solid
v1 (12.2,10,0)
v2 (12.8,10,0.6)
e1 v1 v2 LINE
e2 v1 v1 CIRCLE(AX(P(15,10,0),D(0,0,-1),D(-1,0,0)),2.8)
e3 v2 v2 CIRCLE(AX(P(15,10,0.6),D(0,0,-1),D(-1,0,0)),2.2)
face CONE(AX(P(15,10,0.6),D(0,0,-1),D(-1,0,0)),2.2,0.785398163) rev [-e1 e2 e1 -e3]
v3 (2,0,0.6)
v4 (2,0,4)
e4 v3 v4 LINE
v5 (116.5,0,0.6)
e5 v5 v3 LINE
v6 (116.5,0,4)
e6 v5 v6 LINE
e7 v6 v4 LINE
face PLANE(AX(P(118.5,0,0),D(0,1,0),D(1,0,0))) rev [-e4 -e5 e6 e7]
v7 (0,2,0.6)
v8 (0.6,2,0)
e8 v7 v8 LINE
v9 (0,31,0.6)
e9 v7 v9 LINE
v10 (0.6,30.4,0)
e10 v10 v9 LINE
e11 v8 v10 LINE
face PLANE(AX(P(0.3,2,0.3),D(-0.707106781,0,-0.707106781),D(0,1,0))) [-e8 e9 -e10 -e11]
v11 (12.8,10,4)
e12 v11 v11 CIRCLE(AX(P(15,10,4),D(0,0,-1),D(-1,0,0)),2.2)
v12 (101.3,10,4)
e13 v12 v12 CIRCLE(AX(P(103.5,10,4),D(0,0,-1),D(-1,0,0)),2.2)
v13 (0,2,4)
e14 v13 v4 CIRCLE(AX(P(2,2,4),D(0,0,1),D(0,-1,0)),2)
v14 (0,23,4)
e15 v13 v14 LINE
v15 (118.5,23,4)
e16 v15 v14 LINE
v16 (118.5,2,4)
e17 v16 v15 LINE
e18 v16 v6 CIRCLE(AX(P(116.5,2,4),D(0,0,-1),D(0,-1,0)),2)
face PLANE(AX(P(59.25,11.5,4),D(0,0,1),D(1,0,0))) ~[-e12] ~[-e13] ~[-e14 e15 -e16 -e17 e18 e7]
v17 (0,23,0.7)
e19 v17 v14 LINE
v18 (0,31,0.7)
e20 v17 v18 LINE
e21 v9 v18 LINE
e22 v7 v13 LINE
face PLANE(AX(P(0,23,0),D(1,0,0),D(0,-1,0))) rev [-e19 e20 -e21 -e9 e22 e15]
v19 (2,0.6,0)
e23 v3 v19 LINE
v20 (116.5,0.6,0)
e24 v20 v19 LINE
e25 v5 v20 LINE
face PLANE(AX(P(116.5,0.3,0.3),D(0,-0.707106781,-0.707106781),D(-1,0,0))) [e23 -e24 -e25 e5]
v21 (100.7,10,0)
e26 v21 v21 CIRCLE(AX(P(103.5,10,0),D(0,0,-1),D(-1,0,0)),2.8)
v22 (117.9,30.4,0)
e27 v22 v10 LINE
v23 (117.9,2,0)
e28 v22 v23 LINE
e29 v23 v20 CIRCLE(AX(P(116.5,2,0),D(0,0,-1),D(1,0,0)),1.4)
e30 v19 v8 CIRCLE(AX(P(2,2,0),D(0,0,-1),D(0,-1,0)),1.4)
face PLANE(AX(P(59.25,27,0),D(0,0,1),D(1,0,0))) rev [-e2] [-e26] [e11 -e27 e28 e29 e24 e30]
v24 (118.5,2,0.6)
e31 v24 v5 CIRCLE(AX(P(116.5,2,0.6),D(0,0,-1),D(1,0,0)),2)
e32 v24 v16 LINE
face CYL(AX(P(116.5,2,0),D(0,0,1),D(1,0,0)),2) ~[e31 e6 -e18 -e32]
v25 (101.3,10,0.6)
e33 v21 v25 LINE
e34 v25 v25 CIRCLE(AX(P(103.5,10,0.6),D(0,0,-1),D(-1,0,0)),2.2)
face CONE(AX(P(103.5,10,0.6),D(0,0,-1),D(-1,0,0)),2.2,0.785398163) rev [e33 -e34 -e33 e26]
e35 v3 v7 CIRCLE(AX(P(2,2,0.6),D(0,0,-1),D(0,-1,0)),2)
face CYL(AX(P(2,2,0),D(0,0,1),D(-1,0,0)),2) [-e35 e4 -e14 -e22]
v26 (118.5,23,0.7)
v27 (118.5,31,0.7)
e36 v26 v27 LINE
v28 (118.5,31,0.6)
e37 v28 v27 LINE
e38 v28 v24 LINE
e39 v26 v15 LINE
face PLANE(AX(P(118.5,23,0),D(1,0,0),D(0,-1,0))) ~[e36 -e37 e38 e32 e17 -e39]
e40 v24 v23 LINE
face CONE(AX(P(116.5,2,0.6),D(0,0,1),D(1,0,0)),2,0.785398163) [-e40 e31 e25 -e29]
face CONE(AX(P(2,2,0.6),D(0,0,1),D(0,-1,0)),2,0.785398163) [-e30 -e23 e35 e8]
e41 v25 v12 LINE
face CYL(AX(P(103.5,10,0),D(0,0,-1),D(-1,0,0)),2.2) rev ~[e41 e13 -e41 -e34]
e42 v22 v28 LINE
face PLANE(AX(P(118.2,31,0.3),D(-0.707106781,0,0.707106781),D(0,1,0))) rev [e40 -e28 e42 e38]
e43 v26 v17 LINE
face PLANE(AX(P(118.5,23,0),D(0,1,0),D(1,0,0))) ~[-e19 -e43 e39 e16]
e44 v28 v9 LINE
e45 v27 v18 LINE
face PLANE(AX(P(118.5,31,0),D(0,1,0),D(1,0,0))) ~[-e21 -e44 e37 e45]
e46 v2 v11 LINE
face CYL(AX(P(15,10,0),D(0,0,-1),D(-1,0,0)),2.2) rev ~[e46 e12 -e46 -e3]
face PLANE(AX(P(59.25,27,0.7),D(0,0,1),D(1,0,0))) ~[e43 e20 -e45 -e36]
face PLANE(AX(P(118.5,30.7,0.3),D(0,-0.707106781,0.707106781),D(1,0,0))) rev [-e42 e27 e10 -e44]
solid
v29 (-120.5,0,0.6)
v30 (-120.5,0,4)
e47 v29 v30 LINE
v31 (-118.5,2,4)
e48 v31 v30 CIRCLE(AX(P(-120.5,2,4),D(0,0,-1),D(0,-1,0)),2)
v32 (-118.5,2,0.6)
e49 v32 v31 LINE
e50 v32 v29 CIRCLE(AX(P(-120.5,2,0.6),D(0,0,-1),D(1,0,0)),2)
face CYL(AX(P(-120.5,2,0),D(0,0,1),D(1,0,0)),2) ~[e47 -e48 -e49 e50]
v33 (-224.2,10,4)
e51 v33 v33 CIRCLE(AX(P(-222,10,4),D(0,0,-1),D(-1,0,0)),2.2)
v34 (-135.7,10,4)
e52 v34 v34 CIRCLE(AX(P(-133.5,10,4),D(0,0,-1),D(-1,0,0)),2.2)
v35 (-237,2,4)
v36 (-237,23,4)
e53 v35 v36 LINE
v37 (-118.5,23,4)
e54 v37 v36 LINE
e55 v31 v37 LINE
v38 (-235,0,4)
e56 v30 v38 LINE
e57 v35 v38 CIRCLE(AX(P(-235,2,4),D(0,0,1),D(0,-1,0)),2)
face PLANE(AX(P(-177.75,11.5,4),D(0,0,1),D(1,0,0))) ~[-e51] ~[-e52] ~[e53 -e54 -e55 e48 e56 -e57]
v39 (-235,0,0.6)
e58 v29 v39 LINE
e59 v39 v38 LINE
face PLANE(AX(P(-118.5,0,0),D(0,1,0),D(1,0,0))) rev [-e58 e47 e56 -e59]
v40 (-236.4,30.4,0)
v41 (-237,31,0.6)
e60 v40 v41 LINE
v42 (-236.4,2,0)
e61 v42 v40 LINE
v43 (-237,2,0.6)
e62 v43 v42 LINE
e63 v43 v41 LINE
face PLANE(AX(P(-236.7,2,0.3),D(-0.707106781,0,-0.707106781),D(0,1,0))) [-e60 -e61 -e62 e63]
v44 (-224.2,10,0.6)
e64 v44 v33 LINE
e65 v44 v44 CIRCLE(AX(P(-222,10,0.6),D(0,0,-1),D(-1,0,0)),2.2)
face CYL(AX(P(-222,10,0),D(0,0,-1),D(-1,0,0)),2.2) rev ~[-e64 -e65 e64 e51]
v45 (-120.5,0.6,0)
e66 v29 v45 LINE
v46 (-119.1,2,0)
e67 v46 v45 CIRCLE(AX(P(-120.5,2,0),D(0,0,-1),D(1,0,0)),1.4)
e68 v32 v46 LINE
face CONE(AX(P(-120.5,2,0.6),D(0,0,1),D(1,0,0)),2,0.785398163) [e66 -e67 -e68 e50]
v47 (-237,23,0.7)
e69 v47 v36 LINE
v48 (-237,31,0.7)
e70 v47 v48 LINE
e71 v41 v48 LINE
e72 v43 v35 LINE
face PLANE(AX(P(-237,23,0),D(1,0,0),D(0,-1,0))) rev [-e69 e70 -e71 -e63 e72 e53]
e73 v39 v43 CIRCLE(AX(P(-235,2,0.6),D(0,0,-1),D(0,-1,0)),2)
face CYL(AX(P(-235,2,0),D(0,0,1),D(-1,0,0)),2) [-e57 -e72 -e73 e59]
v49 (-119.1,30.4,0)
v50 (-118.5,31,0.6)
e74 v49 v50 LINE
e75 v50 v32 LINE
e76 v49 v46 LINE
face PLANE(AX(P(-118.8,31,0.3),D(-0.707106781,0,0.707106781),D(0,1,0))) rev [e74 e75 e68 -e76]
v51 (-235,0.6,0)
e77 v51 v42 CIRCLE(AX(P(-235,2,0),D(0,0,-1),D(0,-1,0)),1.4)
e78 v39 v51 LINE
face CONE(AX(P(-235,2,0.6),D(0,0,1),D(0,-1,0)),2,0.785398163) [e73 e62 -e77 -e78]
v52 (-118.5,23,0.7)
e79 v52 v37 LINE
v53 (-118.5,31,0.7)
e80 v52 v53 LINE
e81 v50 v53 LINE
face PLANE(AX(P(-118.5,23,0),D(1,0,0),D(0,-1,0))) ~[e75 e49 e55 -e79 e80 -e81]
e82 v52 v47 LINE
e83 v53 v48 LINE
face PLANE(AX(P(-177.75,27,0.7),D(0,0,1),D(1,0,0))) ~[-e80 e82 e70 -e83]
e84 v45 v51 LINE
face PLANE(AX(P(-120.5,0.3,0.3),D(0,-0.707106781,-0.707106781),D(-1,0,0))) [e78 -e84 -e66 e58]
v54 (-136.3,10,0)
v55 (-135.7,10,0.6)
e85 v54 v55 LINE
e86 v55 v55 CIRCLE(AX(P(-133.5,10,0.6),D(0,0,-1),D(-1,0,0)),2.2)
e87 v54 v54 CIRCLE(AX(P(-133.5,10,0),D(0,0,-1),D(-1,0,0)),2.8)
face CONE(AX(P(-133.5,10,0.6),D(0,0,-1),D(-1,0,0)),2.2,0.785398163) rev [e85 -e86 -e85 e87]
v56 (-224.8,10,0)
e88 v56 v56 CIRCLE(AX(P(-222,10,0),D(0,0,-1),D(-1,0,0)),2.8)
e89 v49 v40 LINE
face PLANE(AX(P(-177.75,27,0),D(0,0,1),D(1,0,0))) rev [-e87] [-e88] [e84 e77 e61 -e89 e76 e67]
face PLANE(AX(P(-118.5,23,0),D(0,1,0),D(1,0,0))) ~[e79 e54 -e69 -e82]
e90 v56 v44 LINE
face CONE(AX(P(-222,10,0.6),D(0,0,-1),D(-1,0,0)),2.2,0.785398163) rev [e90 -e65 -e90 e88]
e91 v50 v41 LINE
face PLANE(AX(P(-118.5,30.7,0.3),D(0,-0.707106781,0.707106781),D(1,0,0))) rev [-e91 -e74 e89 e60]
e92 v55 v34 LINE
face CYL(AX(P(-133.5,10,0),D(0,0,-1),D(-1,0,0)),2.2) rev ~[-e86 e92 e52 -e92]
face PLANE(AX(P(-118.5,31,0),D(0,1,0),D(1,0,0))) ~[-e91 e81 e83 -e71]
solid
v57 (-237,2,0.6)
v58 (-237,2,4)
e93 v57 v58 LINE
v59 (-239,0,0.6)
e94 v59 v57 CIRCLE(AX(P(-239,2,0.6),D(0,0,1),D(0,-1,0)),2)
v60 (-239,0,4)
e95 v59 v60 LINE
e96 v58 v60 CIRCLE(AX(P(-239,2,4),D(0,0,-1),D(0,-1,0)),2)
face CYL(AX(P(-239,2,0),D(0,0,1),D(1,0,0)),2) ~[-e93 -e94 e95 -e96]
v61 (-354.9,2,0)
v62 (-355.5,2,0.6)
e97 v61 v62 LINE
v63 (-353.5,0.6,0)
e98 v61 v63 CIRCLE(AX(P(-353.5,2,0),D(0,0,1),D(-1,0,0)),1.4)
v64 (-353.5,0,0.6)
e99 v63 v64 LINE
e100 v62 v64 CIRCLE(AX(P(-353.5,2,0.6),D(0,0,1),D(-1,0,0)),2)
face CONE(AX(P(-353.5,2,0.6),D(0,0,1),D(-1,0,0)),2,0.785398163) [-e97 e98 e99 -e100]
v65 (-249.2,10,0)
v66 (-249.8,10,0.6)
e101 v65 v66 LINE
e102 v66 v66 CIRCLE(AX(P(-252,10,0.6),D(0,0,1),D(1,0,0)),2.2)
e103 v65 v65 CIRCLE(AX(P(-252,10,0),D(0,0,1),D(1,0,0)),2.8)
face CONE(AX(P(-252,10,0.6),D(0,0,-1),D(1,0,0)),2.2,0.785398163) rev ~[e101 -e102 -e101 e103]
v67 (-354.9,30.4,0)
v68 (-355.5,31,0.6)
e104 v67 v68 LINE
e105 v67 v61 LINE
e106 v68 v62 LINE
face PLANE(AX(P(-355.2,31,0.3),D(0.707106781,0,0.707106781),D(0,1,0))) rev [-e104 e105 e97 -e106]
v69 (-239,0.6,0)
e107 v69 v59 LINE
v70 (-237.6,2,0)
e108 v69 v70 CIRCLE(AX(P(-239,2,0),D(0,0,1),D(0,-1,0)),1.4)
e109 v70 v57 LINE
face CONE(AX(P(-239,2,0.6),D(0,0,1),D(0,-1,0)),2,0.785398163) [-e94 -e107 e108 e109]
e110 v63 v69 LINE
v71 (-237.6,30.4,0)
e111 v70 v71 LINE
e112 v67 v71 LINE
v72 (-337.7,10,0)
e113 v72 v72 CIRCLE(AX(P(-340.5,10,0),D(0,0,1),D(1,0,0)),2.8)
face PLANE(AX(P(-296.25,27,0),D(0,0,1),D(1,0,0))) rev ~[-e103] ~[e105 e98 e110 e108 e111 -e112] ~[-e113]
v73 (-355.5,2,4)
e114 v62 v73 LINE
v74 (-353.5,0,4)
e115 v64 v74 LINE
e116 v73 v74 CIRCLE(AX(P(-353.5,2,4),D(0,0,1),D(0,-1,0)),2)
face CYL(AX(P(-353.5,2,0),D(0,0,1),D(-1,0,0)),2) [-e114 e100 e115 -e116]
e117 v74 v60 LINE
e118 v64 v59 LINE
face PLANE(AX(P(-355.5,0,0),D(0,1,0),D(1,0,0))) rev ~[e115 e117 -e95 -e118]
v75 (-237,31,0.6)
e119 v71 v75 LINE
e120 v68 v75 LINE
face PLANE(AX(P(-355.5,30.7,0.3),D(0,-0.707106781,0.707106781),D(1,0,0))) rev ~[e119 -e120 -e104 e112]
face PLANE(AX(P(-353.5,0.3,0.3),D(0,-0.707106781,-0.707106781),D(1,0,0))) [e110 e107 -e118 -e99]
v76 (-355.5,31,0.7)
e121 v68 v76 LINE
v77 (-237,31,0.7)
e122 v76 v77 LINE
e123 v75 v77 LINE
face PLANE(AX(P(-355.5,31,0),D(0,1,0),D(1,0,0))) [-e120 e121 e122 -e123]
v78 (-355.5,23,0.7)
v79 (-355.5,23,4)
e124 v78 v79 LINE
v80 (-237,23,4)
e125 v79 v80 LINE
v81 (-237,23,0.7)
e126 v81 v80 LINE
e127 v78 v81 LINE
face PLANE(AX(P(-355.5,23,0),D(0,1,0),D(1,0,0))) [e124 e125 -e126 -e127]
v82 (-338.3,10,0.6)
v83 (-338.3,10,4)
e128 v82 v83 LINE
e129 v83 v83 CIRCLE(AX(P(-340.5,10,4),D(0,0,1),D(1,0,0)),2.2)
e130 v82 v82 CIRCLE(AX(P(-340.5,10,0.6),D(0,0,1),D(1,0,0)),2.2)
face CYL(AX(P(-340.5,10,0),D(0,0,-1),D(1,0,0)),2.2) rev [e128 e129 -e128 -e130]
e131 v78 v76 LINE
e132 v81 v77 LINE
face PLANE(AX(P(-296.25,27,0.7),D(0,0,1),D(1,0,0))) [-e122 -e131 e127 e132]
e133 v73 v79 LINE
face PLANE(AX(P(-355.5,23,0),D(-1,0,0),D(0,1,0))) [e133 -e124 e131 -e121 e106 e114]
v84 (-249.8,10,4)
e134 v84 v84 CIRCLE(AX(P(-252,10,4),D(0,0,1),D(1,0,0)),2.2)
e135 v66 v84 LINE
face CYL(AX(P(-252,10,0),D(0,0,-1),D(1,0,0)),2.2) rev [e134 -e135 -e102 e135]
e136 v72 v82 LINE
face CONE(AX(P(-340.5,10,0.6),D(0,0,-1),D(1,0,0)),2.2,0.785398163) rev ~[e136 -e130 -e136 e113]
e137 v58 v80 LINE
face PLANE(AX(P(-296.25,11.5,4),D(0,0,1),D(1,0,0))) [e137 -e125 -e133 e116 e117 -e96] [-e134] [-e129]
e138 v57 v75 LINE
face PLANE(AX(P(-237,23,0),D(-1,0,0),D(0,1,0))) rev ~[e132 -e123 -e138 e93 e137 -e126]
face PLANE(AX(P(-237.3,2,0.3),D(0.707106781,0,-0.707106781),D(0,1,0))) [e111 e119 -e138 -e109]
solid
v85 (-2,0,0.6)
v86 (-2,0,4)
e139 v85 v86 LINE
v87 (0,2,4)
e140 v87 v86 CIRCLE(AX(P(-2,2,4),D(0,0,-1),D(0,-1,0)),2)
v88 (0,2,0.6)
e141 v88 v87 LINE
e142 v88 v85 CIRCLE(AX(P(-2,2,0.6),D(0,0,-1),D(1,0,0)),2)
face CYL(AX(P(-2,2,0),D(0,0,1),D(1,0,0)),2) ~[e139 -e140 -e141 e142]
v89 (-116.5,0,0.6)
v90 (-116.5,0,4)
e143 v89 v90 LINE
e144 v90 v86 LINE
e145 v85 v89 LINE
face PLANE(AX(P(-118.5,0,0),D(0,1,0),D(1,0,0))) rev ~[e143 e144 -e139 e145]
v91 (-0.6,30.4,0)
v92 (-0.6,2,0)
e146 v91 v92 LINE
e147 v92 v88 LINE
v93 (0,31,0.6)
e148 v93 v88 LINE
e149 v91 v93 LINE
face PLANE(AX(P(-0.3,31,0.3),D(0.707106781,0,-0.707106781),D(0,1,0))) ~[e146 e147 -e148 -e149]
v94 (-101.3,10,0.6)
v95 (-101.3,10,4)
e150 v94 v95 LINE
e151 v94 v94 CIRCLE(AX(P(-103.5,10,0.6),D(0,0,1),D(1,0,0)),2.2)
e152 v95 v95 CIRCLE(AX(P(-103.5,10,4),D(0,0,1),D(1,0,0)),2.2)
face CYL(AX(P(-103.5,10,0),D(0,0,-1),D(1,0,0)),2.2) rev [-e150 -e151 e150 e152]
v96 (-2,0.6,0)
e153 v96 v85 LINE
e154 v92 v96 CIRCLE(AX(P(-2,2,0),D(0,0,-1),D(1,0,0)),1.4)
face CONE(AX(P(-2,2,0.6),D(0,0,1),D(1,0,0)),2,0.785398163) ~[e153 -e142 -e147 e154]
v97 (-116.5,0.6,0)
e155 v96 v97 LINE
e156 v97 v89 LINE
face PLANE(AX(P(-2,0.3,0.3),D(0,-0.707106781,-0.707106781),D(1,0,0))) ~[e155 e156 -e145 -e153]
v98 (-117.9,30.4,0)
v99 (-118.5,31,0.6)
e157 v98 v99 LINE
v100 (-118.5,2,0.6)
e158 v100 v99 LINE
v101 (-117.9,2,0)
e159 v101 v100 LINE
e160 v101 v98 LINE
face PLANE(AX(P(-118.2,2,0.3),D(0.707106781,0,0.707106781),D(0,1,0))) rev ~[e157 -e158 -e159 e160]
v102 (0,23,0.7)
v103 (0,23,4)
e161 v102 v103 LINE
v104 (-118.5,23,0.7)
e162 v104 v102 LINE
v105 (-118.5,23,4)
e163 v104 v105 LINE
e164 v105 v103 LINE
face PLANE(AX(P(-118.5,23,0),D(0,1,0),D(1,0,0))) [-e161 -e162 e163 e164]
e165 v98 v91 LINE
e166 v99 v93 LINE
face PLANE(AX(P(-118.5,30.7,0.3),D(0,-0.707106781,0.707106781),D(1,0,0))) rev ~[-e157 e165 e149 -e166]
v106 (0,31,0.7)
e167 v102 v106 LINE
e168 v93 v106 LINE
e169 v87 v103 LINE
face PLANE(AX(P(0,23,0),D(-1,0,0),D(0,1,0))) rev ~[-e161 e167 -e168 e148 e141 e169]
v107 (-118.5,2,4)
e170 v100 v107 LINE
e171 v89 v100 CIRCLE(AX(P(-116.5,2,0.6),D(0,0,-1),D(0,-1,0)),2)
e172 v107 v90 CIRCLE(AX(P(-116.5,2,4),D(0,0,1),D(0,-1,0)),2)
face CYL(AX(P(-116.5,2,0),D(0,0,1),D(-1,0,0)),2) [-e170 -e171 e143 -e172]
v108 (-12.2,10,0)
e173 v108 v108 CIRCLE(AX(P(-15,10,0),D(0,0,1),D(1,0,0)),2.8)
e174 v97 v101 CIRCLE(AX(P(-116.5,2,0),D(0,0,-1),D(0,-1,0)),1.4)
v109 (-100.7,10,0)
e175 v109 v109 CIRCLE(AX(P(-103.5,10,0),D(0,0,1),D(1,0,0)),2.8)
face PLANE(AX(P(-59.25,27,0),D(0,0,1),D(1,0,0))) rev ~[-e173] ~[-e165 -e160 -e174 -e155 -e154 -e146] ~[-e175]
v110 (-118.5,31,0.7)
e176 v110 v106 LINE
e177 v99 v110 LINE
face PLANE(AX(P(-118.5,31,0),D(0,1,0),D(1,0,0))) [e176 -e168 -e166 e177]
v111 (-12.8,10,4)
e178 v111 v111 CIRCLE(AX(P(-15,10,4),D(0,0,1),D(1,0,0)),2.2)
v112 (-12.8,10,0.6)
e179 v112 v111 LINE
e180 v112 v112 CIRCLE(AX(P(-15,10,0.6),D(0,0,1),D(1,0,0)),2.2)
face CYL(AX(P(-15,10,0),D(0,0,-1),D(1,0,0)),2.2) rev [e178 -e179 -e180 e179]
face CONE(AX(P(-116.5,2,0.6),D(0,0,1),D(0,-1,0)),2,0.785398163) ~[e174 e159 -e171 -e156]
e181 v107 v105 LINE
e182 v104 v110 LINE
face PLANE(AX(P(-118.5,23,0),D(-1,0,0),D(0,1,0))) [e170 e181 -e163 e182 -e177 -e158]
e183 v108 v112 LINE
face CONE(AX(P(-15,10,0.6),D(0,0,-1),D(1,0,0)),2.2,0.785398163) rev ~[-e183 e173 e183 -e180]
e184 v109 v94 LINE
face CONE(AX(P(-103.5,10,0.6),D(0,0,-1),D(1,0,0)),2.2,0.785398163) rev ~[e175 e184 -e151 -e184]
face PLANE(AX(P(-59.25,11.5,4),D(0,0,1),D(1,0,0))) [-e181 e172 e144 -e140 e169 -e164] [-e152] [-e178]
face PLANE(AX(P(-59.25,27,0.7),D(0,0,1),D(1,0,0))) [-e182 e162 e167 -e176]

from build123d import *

# Parameters (mm, degrees)
SKETCH1_W           = 118.5
SKETCH1_H           = 23
SKETCH1_R           = 2.2
BOSS_EXTRUDE1_DEPTH = 4
SKETCH1_3_W         = 118.5
SKETCH1_3_H         = 8
BOSS_EXTRUDE2_DEPTH = 0.7
FILLET2_R           = 2
FILLET3_R           = 2
FILLET5_R           = 2
FILLET6_R           = 2
CHAMFER6_SIZE       = 0.6
CHAMFER5_SIZE       = 0.6
CHAMFER3_SIZE       = 0.6
CHAMFER4_SIZE       = 0.6


with BuildPart() as part:
    # Sketch1 → Boss-Extrude1 (new body)
    with BuildSketch(Plane.XY):
        with Locations((-59.25, 11.5)):
            Rectangle(SKETCH1_W, SKETCH1_H)
        with Locations((-15, 10)):
            Circle(SKETCH1_R, mode=Mode.SUBTRACT)
        with Locations((-103.5, 10)):
            Circle(SKETCH1_R, mode=Mode.SUBTRACT)
    extrude(amount=BOSS_EXTRUDE1_DEPTH)

    # Sketch1<3> → Boss-Extrude2 (add)
    with BuildSketch(Plane.XY):
        with Locations((-59.25, 27)):
            Rectangle(SKETCH1_3_W, SKETCH1_3_H)
    extrude(amount=BOSS_EXTRUDE2_DEPTH)


with BuildPart() as body_2:
    # Mirror1: mirrored copy
    add(part.part.mirror(Plane(origin=(0, 0, 4), x_dir=(0, 0, 1), z_dir=(-1, 0, 0))))


with BuildPart() as body_3:
    # Mirror2: mirrored copy
    add(part.part.mirror(Plane(origin=(-118.5, 0, 4), x_dir=(0, 0, 1), z_dir=(-1, 0, 0))))

    # Fillet6
    fillet6_edges = [body_3.edges().sort_by_distance(p)[0] for p in [
        (-237, 0, 2),
        (-118.5, 0, 2),
    ]]
    fillet(fillet6_edges, radius=FILLET6_R)

    # Chamfer5
    chamfer5_edges = [body_3.edges().sort_by_distance(p)[0] for p in [
        (-131.3, 10, 0),
        (-219.8, 10, 0),
        (-177.75, 31, 0),
        (-118.5, 16.5, 0),
        (-177.75, 0, 0),
        (-237, 16.5, 0),
        (-236.414213562, 0.585786438, 0),
        (-119.085786438, 0.585786438, 0),
    ]]
    chamfer(chamfer5_edges, length=CHAMFER5_SIZE)


with BuildPart() as body_4:
    # Mirror2 2: mirrored copy
    add(body_2.part.mirror(Plane(origin=(-118.5, 0, 4), x_dir=(0, 0, 1), z_dir=(-1, 0, 0))))

    # Fillet5
    fillet5_edges = [body_4.edges().sort_by_distance(p)[0] for p in [
        (-237, 0, 2),
        (-355.5, 0, 2),
    ]]
    fillet(fillet5_edges, radius=FILLET5_R)

    # Chamfer6
    chamfer6_edges = [body_4.edges().sort_by_distance(p)[0] for p in [
        (-342.7, 10, 0),
        (-254.2, 10, 0),
        (-296.25, 31, 0),
        (-296.25, 0, 0),
        (-355.5, 16.5, 0),
        (-237, 16.5, 0),
        (-237.585786438, 0.585786438, 0),
        (-354.914213562, 0.585786438, 0),
    ]]
    chamfer(chamfer6_edges, length=CHAMFER6_SIZE)


with BuildPart() as part_1:
    add(part.part)

    # Fillet2
    fillet2_edges = [part_1.edges().sort_by_distance(p)[0] for p in [
        (0, 0, 2),
        (-118.5, 0, 2),
    ]]
    fillet(fillet2_edges, radius=FILLET2_R)

    # Chamfer4
    chamfer4_edges = [part_1.edges().sort_by_distance(p)[0] for p in [
        (-105.7, 10, 0),
        (-17.2, 10, 0),
        (-59.25, 31, 0),
        (0, 16.5, 0),
        (-118.5, 16.5, 0),
        (-59.25, 0, 0),
        (-117.914213562, 0.585786438, 0),
        (-0.585786438, 0.585786438, 0),
    ]]
    chamfer(chamfer4_edges, length=CHAMFER4_SIZE)


with BuildPart() as body_2_1:
    add(body_2.part)

    # Fillet3
    fillet3_edges = [body_2_1.edges().sort_by_distance(p)[0] for p in [
        (0, 0, 2),
        (118.5, 0, 2),
    ]]
    fillet(fillet3_edges, radius=FILLET3_R)

    # Chamfer3
    chamfer3_edges = [body_2_1.edges().sort_by_distance(p)[0] for p in [
        (105.7, 10, 0),
        (17.2, 10, 0),
        (59.25, 31, 0),
        (118.5, 16.5, 0),
        (59.25, 0, 0),
        (0, 16.5, 0),
        (0.585786438, 0.585786438, 0),
        (117.914213562, 0.585786438, 0),
    ]]
    chamfer(chamfer3_edges, length=CHAMFER3_SIZE)


solid = Compound([body_3.part, body_4.part, part_1.part, body_2_1.part])
